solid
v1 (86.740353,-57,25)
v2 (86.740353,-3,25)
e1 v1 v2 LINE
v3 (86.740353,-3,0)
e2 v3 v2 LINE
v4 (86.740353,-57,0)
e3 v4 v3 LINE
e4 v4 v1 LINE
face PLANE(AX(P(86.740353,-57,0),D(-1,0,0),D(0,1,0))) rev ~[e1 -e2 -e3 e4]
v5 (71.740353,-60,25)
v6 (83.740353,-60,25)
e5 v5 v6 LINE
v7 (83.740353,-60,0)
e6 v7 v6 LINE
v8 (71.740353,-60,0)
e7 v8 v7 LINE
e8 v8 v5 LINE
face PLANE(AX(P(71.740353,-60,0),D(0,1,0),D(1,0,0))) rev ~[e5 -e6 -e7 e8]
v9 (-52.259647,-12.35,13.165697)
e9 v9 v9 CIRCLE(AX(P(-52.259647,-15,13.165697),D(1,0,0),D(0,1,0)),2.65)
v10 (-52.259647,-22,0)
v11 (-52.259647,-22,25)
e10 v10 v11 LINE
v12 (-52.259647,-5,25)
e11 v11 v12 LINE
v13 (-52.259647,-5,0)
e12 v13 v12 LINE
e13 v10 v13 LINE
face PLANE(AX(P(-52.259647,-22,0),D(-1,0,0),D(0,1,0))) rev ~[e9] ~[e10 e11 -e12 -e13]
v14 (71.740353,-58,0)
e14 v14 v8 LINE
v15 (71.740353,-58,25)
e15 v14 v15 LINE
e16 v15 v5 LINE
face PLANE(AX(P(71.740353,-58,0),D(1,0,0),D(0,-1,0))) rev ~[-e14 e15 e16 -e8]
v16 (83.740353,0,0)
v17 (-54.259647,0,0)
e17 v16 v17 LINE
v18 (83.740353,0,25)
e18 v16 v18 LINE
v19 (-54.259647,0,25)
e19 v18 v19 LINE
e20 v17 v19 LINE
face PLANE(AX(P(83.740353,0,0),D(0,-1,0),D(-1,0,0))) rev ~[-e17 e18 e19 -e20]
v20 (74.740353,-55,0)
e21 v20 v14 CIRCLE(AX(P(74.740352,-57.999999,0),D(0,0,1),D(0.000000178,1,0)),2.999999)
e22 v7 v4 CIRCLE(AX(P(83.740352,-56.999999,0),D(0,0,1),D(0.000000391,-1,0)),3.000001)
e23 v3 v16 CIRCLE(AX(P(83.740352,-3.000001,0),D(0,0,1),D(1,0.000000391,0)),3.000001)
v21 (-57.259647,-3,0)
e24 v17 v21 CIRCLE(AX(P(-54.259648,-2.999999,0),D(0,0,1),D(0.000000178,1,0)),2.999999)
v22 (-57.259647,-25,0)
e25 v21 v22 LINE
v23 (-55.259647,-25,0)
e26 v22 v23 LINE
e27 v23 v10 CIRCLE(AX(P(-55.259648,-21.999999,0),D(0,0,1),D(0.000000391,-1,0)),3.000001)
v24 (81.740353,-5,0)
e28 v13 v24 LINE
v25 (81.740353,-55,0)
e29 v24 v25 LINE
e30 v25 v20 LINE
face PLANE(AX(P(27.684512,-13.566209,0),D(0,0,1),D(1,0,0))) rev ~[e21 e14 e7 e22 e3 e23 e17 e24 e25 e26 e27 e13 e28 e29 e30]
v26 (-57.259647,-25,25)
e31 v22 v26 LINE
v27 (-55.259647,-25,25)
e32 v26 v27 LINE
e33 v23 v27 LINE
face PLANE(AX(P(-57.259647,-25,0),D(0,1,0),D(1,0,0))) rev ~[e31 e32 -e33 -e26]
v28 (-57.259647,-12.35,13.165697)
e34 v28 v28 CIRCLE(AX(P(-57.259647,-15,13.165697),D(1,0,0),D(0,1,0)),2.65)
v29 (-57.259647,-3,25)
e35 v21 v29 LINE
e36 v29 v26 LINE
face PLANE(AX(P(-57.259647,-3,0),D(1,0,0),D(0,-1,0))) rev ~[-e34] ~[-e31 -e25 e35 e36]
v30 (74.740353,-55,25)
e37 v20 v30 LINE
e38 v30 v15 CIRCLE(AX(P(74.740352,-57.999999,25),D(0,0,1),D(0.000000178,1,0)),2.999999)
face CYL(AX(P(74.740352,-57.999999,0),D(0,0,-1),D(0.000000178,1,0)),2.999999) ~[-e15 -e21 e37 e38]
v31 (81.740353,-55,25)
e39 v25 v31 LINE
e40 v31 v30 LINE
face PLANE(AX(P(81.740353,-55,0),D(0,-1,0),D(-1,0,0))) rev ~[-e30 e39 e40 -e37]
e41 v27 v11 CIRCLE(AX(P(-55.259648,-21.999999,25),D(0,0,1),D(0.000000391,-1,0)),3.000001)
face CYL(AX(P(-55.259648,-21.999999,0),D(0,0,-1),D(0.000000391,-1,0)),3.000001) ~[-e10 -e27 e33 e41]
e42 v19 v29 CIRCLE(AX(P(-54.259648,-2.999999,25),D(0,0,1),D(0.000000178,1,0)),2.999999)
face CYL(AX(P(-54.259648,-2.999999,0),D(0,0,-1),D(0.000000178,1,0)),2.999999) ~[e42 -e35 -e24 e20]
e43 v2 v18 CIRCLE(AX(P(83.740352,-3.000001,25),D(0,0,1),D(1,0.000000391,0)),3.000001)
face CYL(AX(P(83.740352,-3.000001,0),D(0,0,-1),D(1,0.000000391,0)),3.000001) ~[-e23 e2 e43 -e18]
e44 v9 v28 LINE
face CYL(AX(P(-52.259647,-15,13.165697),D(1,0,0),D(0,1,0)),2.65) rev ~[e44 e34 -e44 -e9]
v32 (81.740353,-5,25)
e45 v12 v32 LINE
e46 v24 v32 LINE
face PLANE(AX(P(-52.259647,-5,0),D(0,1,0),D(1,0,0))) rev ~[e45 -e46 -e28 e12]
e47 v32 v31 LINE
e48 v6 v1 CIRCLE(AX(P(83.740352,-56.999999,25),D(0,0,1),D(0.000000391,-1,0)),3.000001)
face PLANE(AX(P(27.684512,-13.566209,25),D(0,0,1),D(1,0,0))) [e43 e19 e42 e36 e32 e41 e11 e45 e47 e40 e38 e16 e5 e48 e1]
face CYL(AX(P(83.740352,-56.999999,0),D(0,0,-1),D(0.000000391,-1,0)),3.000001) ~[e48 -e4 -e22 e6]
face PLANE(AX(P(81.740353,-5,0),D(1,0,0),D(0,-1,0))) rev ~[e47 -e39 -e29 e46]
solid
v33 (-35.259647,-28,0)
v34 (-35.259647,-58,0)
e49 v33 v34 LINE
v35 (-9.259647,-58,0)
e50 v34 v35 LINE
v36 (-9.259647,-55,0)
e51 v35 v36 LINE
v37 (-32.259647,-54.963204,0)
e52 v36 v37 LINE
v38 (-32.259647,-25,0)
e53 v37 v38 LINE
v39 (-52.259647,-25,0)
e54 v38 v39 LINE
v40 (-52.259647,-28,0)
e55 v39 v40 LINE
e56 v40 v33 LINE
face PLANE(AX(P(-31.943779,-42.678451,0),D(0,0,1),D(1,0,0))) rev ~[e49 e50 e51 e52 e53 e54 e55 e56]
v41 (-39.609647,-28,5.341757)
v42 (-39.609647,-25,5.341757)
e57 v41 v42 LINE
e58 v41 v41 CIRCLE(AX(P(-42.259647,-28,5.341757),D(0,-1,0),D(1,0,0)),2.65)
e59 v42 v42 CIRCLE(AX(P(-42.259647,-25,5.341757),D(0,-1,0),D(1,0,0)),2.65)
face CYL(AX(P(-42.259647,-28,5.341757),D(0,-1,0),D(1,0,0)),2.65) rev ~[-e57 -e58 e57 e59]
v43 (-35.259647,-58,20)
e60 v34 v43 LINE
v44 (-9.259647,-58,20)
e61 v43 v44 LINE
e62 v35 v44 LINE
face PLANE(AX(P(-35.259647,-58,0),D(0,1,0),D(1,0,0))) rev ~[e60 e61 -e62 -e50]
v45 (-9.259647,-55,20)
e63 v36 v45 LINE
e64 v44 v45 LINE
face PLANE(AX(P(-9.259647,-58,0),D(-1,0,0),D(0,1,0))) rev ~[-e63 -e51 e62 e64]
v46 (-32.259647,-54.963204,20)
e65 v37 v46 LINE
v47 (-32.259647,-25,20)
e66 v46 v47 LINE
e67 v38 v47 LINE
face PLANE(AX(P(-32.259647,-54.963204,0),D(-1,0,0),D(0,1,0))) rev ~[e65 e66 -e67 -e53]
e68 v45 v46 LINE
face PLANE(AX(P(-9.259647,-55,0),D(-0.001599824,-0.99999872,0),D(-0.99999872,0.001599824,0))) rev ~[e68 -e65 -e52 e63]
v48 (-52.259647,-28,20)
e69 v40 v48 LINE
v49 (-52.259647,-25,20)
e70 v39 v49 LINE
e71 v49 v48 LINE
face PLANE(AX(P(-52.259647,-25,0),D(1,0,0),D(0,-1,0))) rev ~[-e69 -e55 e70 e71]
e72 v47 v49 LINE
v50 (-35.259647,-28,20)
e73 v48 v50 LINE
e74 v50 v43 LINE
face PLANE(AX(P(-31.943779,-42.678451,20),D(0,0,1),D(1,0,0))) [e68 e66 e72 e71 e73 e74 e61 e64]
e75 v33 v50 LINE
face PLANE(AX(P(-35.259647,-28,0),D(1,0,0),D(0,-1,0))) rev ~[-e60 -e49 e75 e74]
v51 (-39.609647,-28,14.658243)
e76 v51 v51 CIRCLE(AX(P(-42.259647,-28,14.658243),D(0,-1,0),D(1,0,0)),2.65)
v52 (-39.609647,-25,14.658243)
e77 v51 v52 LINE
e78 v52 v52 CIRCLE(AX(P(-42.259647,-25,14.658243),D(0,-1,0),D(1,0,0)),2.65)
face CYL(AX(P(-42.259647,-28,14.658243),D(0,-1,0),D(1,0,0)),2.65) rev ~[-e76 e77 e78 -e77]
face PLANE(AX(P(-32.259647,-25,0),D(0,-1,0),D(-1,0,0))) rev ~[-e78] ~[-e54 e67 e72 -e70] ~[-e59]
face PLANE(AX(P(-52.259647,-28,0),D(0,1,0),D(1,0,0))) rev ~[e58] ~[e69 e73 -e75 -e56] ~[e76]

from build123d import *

# Parameters (mm, degrees)
F1_DEPTH  = 25
F2_R      = 2.65
F3_DEPTH  = 5
F5_W      = 40
F5_H      = 20
F5_R      = 2.65
F6_DEPTH  = 3
F7_R      = 1
F10_DEPTH = 20
F11_R     = 2.65
F12_DEPTH = 3


with BuildPart() as f1:
    # F0 (on Top) → F1 (new body)
    with BuildSketch(Plane.XY):
        with BuildLine():
            Line((83.740353, 0), (-54.259647, 0))
            ThreePointArc((-54.259647, 0), (-56.380968, -0.87868), (-57.259647, -3))
            Line((-57.259647, -3), (-57.259647, -25))
            Line((-57.259647, -25), (-55.259647, -25))
            ThreePointArc((-55.259647, -25), (-53.138327, -24.12132), (-52.259647, -22))
            Line((-52.259647, -22), (-52.259647, -5))
            Line((-52.259647, -5), (81.740353, -5))
            Line((81.740353, -5), (81.740353, -55))
            Line((81.740353, -55), (74.740353, -55))
            ThreePointArc((74.740353, -55), (72.619032, -55.87868), (71.740353, -58))
            Line((71.740353, -58), (71.740353, -60))
            Line((71.740353, -60), (83.740353, -60))
            ThreePointArc((83.740353, -60), (85.861673, -59.12132), (86.740353, -57))
            Line((86.740353, -57), (86.740353, -3))
            ThreePointArc((86.740353, -3), (85.861673, -0.87868), (83.740353, 0))
        make_face()
    extrude(amount=F1_DEPTH)

    # F2 (on face) → F3 (cut, through all)
    with BuildSketch(Plane.YZ.offset(-52.259647)):
        with Locations((-15, 13.165697)):
            Circle(F2_R)
    extrude(amount=-F3_DEPTH, mode=Mode.SUBTRACT)


with BuildPart() as f6:
    # F5 (on offset) → F6 (new body)
    with BuildSketch(Plane.XZ.offset(60.9)):
        with Locations((-37.213471, 10)):
            Rectangle(F5_W, F5_H)
        with Locations((-47.213471, 5.012961)):
            Circle(F5_R, mode=Mode.SUBTRACT)
        with Locations((-47.213471, 14.988404)):
            Circle(F5_R, mode=Mode.SUBTRACT)
    extrude(amount=F6_DEPTH)

    # F7
    f7_edges = [f6.edges().sort_by_distance(p)[0] for p in [
        (-37.213471, -63.9, 20),
        (-37.213471, -60.9, 20),
        (-37.213471, -63.9, 0),
        (-37.213471, -60.9, 0),
        (-17.213471, -63.9, 10),
        (-17.213471, -60.9, 10),
        (-57.213471, -63.9, 10),
        (-57.213471, -60.9, 10),
    ]]
    fillet(f7_edges, radius=F7_R)


with BuildPart() as f10:
    # F9 (on Top) → F10 (new body)
    with BuildSketch(Plane.XY):
        Polygon((-32.259647, -25), (-52.259647, -25), (-52.259647, -28), (-35.259647, -28), (-35.259647, -58), (-9.259647, -58), (-9.259647, -55), (-32.259647, -54.963204), align=None)
    extrude(amount=F10_DEPTH)

    # F11 (on face) → F12 (cut, through all)
    with BuildSketch(Plane.XZ.offset(28)):
        with Locations((-42.259647, 14.658243)):
            Circle(F11_R)
        with Locations((-42.259647, 5.341757)):
            Circle(F11_R)
    extrude(amount=-F12_DEPTH, mode=Mode.SUBTRACT)


solid = Compound([f1.part, f10.part])
